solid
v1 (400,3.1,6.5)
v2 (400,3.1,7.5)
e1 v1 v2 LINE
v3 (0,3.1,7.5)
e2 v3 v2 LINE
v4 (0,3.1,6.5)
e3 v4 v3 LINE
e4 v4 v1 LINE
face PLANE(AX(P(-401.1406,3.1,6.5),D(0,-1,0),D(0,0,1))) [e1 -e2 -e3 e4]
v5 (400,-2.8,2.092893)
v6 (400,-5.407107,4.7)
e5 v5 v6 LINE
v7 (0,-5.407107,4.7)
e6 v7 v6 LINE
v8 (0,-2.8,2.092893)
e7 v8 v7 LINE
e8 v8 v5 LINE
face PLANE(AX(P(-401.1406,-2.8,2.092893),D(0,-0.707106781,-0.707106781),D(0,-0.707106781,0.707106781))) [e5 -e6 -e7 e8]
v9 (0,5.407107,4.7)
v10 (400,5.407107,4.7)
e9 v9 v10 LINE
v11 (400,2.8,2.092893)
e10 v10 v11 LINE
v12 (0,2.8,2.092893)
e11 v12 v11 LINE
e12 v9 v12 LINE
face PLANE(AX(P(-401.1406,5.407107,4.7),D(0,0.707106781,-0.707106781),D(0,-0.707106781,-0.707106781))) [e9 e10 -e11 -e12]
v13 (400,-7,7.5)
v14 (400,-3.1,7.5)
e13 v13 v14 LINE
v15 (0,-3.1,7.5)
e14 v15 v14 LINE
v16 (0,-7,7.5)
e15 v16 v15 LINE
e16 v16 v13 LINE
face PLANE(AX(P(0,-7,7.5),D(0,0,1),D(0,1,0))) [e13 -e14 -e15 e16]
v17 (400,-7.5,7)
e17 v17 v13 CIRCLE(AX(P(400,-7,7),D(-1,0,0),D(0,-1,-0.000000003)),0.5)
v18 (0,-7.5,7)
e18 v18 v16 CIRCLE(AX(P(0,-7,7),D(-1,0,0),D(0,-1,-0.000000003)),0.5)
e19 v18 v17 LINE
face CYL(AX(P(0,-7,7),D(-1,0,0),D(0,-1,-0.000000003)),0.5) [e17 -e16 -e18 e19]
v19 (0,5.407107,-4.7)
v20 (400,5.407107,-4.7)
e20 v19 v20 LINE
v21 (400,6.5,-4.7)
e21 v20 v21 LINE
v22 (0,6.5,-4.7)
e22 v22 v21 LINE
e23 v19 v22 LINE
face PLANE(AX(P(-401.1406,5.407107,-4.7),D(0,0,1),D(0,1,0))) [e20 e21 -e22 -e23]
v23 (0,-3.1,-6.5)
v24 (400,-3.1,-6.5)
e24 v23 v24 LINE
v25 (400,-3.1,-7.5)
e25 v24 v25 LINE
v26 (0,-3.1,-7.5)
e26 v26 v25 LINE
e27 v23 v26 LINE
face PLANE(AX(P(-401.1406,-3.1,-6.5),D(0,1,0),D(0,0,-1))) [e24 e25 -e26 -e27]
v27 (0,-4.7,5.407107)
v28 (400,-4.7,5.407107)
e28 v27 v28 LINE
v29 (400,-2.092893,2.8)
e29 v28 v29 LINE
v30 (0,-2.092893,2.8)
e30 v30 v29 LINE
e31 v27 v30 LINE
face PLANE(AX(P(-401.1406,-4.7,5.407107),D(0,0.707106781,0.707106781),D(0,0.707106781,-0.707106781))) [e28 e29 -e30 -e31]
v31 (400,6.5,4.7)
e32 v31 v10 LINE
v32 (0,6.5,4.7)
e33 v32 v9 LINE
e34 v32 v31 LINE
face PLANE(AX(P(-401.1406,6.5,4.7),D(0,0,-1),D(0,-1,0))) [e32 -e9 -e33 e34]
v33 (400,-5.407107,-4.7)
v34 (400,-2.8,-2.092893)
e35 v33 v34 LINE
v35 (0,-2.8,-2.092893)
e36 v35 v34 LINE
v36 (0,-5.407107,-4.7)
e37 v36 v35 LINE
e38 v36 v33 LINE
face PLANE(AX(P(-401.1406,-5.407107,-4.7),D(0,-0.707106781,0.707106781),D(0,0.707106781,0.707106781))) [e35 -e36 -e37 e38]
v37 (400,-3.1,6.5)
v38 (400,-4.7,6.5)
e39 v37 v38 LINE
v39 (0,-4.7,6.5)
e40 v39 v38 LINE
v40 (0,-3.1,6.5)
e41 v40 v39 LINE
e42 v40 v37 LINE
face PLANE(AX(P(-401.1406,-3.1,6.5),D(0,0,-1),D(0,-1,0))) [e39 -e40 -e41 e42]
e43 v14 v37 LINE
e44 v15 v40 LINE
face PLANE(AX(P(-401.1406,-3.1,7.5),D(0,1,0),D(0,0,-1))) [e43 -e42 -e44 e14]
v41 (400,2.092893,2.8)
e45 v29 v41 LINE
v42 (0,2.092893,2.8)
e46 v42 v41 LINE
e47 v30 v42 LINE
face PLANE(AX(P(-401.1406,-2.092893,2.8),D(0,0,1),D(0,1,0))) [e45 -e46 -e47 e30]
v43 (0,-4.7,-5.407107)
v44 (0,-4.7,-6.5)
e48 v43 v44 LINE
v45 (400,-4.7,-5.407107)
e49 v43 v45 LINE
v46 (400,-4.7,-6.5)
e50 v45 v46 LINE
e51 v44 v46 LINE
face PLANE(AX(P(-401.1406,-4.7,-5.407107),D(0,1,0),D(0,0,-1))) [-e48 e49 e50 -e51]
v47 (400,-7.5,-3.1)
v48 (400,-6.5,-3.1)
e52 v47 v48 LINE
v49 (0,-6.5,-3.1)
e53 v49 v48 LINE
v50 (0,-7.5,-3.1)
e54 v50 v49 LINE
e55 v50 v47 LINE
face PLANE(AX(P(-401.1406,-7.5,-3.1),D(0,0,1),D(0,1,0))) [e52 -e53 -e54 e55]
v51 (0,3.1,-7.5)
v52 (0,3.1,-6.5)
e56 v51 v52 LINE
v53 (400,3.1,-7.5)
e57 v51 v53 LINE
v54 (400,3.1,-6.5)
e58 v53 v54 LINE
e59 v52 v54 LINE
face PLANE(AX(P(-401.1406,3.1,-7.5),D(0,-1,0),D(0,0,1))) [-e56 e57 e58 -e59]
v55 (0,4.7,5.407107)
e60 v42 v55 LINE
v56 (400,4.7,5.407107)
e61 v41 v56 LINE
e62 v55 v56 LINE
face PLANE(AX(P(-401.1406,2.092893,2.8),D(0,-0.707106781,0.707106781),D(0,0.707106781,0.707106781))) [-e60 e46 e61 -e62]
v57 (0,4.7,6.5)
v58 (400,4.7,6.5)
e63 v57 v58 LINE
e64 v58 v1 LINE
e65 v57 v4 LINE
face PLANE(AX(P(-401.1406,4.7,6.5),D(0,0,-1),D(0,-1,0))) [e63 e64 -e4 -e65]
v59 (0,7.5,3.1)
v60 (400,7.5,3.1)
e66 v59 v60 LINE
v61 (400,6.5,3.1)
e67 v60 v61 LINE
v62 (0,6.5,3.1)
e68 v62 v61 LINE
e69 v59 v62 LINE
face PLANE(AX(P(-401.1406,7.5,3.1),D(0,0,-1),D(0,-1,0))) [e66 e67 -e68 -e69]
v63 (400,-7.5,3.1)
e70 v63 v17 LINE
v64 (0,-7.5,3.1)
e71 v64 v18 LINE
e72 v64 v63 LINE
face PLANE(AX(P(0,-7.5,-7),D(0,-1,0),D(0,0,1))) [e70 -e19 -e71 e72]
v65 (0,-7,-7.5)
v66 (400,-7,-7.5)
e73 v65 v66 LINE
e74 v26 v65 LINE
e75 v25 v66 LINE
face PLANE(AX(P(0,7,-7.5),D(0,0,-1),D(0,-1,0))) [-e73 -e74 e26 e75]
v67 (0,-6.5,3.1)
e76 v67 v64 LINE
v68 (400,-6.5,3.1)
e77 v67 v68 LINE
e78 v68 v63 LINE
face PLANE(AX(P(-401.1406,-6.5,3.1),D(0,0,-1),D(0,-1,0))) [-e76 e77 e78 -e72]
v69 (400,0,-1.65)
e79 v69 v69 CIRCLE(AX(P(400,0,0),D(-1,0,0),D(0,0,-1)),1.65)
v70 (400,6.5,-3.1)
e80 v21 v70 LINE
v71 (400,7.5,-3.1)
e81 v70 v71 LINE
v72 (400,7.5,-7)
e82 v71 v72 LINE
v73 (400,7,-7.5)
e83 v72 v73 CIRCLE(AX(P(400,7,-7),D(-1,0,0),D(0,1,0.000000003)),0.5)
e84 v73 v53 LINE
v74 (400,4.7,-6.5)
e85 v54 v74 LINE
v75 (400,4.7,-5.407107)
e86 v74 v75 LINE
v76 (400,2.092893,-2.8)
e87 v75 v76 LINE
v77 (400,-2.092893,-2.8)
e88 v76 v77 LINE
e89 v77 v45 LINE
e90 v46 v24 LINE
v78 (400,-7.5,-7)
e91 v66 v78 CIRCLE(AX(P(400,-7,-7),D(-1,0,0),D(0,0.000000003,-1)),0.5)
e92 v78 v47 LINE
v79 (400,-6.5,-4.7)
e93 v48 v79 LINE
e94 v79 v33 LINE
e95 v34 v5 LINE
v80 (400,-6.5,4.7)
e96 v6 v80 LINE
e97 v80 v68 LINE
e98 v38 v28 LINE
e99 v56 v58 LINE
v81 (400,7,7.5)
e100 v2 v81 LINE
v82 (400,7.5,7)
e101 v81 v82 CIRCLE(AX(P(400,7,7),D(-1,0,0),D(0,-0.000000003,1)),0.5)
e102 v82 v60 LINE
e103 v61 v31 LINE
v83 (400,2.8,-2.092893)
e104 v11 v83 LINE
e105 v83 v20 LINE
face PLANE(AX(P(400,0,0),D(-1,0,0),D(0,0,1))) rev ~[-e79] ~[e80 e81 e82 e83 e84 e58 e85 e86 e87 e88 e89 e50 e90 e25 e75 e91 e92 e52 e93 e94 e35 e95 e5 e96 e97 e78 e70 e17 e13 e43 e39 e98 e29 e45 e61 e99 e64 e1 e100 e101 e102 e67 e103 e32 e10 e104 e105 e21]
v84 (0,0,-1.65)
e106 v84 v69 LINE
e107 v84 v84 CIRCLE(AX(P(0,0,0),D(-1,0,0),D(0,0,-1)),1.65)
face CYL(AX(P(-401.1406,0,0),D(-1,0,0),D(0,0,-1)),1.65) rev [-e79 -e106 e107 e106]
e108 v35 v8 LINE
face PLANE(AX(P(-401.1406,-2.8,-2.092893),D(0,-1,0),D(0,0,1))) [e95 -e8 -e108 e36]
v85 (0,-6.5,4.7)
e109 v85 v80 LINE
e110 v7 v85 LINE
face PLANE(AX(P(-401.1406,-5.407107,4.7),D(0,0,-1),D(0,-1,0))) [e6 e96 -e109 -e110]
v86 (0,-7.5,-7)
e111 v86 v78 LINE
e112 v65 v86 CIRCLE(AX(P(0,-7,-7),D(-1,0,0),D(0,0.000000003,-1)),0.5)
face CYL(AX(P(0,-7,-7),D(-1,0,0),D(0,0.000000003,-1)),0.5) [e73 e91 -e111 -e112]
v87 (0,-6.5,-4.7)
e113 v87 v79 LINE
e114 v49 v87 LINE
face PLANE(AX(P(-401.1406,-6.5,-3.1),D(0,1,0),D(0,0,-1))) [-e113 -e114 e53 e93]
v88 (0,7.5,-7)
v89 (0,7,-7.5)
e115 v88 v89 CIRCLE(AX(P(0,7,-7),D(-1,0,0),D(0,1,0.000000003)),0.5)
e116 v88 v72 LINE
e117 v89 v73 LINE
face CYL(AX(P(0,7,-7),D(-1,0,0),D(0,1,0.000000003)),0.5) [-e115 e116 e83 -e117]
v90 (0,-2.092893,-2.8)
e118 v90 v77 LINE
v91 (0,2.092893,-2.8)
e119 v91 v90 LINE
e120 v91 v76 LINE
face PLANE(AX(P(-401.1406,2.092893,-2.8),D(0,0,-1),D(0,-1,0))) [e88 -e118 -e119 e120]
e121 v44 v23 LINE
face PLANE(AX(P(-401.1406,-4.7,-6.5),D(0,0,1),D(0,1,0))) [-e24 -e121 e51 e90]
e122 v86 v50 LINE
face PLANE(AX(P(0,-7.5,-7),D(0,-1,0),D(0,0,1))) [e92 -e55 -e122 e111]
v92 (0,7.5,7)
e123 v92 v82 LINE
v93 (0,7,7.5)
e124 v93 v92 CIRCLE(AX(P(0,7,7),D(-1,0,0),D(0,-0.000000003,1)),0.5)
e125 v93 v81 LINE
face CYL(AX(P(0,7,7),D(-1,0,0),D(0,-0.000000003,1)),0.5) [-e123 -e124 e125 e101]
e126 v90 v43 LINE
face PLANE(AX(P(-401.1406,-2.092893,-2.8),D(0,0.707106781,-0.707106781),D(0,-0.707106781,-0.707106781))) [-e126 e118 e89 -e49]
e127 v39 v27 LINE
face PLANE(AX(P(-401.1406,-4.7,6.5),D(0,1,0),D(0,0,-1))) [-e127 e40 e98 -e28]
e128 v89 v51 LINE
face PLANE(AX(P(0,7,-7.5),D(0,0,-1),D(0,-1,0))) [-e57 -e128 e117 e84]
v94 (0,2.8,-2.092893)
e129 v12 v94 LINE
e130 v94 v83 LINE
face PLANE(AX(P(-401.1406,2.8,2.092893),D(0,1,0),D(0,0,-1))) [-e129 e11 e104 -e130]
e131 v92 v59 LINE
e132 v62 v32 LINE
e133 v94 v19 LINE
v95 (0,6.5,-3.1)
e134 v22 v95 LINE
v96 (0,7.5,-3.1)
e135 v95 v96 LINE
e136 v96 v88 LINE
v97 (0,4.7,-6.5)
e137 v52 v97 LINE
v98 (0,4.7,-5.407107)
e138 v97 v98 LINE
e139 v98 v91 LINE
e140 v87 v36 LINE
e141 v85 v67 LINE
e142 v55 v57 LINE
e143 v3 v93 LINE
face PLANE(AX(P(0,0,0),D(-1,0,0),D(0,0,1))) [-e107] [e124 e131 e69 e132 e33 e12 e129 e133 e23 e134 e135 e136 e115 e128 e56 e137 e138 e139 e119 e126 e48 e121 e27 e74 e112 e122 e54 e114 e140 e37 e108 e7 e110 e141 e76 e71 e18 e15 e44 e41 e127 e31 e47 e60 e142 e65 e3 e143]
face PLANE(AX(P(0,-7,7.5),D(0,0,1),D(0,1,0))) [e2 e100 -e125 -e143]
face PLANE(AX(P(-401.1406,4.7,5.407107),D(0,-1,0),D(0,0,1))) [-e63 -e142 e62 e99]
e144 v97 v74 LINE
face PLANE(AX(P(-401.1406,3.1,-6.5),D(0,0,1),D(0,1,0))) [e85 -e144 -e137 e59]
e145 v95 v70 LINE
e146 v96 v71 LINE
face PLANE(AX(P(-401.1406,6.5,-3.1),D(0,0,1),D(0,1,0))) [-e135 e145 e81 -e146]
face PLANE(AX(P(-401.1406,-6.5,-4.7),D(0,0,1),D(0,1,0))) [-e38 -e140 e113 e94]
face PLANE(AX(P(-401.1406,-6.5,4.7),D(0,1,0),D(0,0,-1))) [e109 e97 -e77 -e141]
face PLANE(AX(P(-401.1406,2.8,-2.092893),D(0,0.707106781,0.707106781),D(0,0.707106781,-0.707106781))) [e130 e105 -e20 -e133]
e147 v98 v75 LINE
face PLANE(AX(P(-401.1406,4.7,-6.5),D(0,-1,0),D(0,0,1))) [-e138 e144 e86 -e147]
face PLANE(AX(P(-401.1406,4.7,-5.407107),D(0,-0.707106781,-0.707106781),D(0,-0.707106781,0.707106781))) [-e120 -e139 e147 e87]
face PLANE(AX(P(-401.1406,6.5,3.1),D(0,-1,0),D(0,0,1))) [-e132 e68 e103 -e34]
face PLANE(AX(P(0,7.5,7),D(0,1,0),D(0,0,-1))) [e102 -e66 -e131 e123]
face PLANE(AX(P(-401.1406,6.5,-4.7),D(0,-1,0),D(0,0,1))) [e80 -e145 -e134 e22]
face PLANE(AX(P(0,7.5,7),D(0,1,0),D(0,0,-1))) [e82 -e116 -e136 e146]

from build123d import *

# Parameters (mm, degrees)
EXTRUDE_1_DEPTH          = 400
CUT_EXTRUDE_2_DEPTH      = 401.140600289
CUT_EXTRUDE_2_DEPTH_BACK = 401.140600289
SKETCH_2_4_R             = 1.65


with BuildPart() as part:
    # 草图2 → 凸台-拉伸1 (new body)
    with BuildSketch(Plane(origin=(0, 0, 0), x_dir=(0, 0, -1), z_dir=(1, 0, 0))):
        with BuildLine():
            Line((-7, 7.5), (7, 7.5))
            ThreePointArc((7, 7.5), (7.353553391, 7.353553391), (7.5, 7))
            Line((7.5, 7), (7.5, -7))
            ThreePointArc((7.5, -7), (7.353553391, -7.353553391), (7, -7.5))
            Line((7, -7.5), (-7, -7.5))
            ThreePointArc((-7, -7.5), (-7.353553391, -7.353553391), (-7.5, -7))
            Line((-7.5, -7), (-7.5, 7))
            ThreePointArc((-7.5, 7), (-7.353553391, 7.353553391), (-7, 7.5))
        make_face()
    extrude(amount=EXTRUDE_1_DEPTH)

    # 草图2<4> → 切除-拉伸2 (cut, two sides: drawn at the far end of the back side and taken through both)
    with BuildSketch(Plane(origin=(0, 0, 0), x_dir=(0, 0, -1), z_dir=(1, 0, 0)).offset(-CUT_EXTRUDE_2_DEPTH_BACK)):
        Polygon((3.1, 7.5), (-3.1, 7.5), (-3.1, 6.5), (-4.7, 6.5), (-4.7, 5.407106781), (-2.092893219, 2.8), (2.092893219, 2.8), (4.7, 5.407106781), (4.7, 6.5), (3.1, 6.5), align=None)
        Polygon((-6.5, 3.1), (-7.5, 3.1), (-7.5, -3.1), (-6.5, -3.1), (-6.5, -4.7), (-5.407106781, -4.7), (-2.8, -2.092893219), (-2.8, 2.092893219), (-5.407106781, 4.7), (-6.5, 4.7), align=None)
        Polygon((7.5, -3.1), (7.5, 3.1), (6.5, 3.1), (6.5, 4.7), (5.407106781, 4.7), (2.8, 2.092893219), (2.8, -2.092893219), (5.407106781, -4.7), (6.5, -4.7), (6.5, -3.1), align=None)
        Polygon((-3.1, -6.5), (-3.1, -7.5), (3.1, -7.5), (3.1, -6.5), (4.7, -6.5), (4.7, -5.407106781), (2.092893219, -2.8), (-2.092893219, -2.8), (-4.7, -5.407106781), (-4.7, -6.5), align=None)
        Circle(SKETCH_2_4_R)
    extrude(amount=CUT_EXTRUDE_2_DEPTH + CUT_EXTRUDE_2_DEPTH_BACK, mode=Mode.SUBTRACT)


solid = part.part
